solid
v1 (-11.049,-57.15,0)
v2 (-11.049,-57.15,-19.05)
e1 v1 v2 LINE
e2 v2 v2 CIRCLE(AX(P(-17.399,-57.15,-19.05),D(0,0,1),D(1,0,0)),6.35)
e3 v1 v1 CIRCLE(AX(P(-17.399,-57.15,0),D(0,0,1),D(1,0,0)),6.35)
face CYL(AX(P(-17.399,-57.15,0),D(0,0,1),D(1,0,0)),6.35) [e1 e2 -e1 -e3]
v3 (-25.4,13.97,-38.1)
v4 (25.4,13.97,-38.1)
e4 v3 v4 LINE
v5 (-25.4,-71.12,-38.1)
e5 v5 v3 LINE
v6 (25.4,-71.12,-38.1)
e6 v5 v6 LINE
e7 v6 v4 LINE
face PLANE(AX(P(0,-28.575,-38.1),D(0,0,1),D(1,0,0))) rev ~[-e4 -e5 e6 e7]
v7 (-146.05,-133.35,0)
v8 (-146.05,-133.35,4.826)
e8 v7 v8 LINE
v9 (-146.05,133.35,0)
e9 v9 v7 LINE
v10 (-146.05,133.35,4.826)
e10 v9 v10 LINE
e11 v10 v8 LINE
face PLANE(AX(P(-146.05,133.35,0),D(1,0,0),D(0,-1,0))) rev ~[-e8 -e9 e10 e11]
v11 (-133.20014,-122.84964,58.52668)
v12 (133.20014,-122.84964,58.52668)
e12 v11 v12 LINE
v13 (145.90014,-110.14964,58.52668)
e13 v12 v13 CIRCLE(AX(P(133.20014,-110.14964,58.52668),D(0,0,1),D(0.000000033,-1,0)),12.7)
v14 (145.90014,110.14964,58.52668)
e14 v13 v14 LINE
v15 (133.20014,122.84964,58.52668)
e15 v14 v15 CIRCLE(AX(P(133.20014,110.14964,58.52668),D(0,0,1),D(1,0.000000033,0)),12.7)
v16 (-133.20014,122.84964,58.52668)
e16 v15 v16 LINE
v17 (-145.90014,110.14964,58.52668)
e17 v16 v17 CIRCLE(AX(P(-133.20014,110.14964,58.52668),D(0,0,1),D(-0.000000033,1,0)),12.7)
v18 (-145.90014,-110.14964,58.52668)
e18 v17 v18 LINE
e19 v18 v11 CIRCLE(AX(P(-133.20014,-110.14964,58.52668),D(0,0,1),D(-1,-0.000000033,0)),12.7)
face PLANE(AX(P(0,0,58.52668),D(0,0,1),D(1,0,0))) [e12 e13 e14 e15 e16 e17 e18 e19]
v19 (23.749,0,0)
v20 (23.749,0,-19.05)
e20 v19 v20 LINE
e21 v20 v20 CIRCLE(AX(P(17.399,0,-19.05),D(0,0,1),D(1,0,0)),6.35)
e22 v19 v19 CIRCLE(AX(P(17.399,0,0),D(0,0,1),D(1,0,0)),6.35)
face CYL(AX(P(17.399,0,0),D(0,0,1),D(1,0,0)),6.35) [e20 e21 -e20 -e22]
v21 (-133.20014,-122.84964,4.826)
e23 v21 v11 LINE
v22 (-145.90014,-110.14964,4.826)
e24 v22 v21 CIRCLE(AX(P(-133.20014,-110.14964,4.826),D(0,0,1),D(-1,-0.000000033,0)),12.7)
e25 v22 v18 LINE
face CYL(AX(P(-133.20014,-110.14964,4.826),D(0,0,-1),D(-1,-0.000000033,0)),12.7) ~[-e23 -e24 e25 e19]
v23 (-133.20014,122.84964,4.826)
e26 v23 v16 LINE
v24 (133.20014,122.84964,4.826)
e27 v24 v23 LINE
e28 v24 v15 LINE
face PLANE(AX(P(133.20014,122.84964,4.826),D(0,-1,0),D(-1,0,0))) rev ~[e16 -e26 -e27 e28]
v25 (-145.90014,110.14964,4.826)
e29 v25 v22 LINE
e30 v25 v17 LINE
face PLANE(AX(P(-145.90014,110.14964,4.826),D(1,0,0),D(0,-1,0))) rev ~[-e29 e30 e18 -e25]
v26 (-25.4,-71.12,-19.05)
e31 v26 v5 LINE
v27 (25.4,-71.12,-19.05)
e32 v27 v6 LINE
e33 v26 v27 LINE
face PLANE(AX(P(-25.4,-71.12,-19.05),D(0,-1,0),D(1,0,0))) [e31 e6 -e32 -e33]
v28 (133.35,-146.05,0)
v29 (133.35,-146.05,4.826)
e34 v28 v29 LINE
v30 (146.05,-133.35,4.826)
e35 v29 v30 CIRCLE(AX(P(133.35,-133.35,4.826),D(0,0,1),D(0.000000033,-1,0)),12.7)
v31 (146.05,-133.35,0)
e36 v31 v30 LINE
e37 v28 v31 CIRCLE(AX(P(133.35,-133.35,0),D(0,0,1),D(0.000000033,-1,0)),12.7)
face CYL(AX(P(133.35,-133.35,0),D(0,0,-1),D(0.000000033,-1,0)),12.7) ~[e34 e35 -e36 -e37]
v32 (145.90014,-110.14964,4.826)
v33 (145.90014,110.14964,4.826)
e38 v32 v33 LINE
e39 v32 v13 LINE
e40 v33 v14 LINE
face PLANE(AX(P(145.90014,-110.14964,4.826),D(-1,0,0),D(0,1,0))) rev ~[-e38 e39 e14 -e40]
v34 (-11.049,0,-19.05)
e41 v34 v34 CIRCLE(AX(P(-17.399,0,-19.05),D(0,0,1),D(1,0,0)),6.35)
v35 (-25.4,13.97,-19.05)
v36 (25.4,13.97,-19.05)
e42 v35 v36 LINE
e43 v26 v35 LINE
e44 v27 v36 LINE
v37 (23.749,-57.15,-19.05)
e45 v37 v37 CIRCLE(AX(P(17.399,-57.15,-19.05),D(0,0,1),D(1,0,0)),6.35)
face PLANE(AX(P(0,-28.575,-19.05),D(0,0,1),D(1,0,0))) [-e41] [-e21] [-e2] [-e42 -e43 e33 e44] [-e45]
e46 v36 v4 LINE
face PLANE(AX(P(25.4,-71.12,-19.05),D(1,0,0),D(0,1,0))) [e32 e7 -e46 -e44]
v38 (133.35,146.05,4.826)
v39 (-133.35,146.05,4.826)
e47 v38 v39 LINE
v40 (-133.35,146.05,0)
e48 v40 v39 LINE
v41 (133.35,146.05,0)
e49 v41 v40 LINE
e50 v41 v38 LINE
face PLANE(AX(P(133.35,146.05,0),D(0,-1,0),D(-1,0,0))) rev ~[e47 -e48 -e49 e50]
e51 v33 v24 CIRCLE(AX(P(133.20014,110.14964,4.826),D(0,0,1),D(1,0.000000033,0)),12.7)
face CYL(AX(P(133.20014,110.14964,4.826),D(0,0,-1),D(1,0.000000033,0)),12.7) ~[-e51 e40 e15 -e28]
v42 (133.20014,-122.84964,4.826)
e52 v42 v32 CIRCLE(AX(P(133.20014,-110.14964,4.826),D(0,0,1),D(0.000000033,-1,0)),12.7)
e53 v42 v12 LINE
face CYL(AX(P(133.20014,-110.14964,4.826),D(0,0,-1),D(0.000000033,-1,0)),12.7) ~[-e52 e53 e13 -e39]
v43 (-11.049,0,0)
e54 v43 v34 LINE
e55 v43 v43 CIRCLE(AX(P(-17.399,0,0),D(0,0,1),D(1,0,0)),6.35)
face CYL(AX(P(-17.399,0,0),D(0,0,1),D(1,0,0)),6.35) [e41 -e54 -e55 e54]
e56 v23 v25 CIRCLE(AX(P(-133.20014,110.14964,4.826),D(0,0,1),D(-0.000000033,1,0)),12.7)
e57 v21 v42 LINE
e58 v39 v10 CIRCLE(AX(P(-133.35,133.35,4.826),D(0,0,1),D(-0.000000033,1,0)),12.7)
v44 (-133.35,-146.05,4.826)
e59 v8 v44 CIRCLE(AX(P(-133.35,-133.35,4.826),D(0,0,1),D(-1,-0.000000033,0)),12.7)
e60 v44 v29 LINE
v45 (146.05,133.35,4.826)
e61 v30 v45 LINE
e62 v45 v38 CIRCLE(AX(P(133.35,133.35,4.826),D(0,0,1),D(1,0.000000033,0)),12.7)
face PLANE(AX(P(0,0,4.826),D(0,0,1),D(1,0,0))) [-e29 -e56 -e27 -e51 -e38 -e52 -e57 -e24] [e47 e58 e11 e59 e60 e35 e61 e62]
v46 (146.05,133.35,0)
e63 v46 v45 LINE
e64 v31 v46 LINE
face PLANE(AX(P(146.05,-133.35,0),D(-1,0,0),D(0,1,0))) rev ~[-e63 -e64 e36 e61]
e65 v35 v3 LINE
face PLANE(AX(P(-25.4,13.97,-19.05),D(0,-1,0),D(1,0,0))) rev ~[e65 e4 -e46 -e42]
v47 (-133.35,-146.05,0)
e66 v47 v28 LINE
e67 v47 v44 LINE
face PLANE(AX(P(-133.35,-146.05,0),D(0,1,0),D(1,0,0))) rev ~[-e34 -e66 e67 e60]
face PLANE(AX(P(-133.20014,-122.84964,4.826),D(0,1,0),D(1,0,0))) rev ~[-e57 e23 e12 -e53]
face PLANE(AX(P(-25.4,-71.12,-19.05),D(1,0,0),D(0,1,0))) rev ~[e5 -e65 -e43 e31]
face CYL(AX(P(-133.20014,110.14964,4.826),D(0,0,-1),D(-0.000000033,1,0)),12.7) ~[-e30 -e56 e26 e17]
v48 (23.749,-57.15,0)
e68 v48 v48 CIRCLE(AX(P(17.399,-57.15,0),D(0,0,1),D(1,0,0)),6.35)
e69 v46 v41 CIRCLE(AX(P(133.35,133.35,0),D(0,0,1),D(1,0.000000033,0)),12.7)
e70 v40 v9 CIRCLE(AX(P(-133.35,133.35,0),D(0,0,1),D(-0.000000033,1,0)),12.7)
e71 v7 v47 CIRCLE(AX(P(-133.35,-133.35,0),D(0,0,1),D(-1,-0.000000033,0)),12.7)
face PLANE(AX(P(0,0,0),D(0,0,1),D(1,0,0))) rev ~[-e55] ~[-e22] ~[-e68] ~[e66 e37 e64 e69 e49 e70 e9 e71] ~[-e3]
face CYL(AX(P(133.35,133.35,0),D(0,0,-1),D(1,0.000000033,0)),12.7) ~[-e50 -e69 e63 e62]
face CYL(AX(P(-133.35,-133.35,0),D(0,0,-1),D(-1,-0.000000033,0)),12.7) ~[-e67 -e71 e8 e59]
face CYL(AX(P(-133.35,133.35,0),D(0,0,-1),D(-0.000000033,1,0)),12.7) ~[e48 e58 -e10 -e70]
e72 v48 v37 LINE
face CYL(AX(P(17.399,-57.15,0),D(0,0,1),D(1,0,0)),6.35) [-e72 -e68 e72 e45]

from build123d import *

# Parameters (mm, degrees)
F1_DEPTH = 4.826
F2_R     = 6.35
F3_DEPTH = 19.05
F5_W     = 50.8
F5_H     = 85.09
F6_DEPTH = 19.05
F8_DEPTH = 53.70068


with BuildPart() as f1:
    # F0 (on Top) → F1 (new body)
    with BuildSketch(Plane.XY):
        with BuildLine():
            ThreePointArc((146.05, 133.35), (142.330256, 142.330256), (133.35, 146.05))
            Line((133.35, 146.05), (-133.35, 146.05))
            ThreePointArc((-133.35, 146.05), (-142.330256, 142.330256), (-146.05, 133.35))
            Line((-146.05, 133.35), (-146.05, -133.35))
            ThreePointArc((-146.05, -133.35), (-142.330256, -142.330256), (-133.35, -146.05))
            Line((-133.35, -146.05), (133.35, -146.05))
            ThreePointArc((133.35, -146.05), (142.330256, -142.330256), (146.05, -133.35))
            Line((146.05, -133.35), (146.05, 133.35))
        make_face()
    extrude(amount=F1_DEPTH)

    # F2 (on Top) → F3 (join)
    with BuildSketch(Plane.XY):
        with Locations((-17.399, -57.15)):
            Circle(F2_R)
        with Locations((17.399, -57.15)):
            Circle(F2_R)
        with Locations((17.399, 0)):
            Circle(F2_R)
        with Locations((-17.399, 0)):
            Circle(F2_R)
    extrude(amount=-F3_DEPTH)

    # F5 (on offset) → F6 (join)
    with BuildSketch(Plane.XY.offset(-19.05)):
        with Locations((0, -28.575)):
            Rectangle(F5_W, F5_H)
    extrude(amount=-F6_DEPTH)

    # F7 (on face) → F8 (join)
    with BuildSketch(Plane.XY.offset(4.826)):
        with BuildLine():
            Line((-133.20014, -122.84964), (133.20014, -122.84964))
            ThreePointArc((133.20014, -122.84964), (142.180396, -119.129896), (145.90014, -110.14964))
            Line((145.90014, -110.14964), (145.90014, 110.14964))
            ThreePointArc((145.90014, 110.14964), (142.180396, 119.129896), (133.20014, 122.84964))
            Line((133.20014, 122.84964), (-133.20014, 122.84964))
            ThreePointArc((-133.20014, 122.84964), (-142.180396, 119.129896), (-145.90014, 110.14964))
            Line((-145.90014, 110.14964), (-145.90014, -110.14964))
            ThreePointArc((-145.90014, -110.14964), (-142.180396, -119.129896), (-133.20014, -122.84964))
        make_face()
    extrude(amount=F8_DEPTH)


solid = f1.part
